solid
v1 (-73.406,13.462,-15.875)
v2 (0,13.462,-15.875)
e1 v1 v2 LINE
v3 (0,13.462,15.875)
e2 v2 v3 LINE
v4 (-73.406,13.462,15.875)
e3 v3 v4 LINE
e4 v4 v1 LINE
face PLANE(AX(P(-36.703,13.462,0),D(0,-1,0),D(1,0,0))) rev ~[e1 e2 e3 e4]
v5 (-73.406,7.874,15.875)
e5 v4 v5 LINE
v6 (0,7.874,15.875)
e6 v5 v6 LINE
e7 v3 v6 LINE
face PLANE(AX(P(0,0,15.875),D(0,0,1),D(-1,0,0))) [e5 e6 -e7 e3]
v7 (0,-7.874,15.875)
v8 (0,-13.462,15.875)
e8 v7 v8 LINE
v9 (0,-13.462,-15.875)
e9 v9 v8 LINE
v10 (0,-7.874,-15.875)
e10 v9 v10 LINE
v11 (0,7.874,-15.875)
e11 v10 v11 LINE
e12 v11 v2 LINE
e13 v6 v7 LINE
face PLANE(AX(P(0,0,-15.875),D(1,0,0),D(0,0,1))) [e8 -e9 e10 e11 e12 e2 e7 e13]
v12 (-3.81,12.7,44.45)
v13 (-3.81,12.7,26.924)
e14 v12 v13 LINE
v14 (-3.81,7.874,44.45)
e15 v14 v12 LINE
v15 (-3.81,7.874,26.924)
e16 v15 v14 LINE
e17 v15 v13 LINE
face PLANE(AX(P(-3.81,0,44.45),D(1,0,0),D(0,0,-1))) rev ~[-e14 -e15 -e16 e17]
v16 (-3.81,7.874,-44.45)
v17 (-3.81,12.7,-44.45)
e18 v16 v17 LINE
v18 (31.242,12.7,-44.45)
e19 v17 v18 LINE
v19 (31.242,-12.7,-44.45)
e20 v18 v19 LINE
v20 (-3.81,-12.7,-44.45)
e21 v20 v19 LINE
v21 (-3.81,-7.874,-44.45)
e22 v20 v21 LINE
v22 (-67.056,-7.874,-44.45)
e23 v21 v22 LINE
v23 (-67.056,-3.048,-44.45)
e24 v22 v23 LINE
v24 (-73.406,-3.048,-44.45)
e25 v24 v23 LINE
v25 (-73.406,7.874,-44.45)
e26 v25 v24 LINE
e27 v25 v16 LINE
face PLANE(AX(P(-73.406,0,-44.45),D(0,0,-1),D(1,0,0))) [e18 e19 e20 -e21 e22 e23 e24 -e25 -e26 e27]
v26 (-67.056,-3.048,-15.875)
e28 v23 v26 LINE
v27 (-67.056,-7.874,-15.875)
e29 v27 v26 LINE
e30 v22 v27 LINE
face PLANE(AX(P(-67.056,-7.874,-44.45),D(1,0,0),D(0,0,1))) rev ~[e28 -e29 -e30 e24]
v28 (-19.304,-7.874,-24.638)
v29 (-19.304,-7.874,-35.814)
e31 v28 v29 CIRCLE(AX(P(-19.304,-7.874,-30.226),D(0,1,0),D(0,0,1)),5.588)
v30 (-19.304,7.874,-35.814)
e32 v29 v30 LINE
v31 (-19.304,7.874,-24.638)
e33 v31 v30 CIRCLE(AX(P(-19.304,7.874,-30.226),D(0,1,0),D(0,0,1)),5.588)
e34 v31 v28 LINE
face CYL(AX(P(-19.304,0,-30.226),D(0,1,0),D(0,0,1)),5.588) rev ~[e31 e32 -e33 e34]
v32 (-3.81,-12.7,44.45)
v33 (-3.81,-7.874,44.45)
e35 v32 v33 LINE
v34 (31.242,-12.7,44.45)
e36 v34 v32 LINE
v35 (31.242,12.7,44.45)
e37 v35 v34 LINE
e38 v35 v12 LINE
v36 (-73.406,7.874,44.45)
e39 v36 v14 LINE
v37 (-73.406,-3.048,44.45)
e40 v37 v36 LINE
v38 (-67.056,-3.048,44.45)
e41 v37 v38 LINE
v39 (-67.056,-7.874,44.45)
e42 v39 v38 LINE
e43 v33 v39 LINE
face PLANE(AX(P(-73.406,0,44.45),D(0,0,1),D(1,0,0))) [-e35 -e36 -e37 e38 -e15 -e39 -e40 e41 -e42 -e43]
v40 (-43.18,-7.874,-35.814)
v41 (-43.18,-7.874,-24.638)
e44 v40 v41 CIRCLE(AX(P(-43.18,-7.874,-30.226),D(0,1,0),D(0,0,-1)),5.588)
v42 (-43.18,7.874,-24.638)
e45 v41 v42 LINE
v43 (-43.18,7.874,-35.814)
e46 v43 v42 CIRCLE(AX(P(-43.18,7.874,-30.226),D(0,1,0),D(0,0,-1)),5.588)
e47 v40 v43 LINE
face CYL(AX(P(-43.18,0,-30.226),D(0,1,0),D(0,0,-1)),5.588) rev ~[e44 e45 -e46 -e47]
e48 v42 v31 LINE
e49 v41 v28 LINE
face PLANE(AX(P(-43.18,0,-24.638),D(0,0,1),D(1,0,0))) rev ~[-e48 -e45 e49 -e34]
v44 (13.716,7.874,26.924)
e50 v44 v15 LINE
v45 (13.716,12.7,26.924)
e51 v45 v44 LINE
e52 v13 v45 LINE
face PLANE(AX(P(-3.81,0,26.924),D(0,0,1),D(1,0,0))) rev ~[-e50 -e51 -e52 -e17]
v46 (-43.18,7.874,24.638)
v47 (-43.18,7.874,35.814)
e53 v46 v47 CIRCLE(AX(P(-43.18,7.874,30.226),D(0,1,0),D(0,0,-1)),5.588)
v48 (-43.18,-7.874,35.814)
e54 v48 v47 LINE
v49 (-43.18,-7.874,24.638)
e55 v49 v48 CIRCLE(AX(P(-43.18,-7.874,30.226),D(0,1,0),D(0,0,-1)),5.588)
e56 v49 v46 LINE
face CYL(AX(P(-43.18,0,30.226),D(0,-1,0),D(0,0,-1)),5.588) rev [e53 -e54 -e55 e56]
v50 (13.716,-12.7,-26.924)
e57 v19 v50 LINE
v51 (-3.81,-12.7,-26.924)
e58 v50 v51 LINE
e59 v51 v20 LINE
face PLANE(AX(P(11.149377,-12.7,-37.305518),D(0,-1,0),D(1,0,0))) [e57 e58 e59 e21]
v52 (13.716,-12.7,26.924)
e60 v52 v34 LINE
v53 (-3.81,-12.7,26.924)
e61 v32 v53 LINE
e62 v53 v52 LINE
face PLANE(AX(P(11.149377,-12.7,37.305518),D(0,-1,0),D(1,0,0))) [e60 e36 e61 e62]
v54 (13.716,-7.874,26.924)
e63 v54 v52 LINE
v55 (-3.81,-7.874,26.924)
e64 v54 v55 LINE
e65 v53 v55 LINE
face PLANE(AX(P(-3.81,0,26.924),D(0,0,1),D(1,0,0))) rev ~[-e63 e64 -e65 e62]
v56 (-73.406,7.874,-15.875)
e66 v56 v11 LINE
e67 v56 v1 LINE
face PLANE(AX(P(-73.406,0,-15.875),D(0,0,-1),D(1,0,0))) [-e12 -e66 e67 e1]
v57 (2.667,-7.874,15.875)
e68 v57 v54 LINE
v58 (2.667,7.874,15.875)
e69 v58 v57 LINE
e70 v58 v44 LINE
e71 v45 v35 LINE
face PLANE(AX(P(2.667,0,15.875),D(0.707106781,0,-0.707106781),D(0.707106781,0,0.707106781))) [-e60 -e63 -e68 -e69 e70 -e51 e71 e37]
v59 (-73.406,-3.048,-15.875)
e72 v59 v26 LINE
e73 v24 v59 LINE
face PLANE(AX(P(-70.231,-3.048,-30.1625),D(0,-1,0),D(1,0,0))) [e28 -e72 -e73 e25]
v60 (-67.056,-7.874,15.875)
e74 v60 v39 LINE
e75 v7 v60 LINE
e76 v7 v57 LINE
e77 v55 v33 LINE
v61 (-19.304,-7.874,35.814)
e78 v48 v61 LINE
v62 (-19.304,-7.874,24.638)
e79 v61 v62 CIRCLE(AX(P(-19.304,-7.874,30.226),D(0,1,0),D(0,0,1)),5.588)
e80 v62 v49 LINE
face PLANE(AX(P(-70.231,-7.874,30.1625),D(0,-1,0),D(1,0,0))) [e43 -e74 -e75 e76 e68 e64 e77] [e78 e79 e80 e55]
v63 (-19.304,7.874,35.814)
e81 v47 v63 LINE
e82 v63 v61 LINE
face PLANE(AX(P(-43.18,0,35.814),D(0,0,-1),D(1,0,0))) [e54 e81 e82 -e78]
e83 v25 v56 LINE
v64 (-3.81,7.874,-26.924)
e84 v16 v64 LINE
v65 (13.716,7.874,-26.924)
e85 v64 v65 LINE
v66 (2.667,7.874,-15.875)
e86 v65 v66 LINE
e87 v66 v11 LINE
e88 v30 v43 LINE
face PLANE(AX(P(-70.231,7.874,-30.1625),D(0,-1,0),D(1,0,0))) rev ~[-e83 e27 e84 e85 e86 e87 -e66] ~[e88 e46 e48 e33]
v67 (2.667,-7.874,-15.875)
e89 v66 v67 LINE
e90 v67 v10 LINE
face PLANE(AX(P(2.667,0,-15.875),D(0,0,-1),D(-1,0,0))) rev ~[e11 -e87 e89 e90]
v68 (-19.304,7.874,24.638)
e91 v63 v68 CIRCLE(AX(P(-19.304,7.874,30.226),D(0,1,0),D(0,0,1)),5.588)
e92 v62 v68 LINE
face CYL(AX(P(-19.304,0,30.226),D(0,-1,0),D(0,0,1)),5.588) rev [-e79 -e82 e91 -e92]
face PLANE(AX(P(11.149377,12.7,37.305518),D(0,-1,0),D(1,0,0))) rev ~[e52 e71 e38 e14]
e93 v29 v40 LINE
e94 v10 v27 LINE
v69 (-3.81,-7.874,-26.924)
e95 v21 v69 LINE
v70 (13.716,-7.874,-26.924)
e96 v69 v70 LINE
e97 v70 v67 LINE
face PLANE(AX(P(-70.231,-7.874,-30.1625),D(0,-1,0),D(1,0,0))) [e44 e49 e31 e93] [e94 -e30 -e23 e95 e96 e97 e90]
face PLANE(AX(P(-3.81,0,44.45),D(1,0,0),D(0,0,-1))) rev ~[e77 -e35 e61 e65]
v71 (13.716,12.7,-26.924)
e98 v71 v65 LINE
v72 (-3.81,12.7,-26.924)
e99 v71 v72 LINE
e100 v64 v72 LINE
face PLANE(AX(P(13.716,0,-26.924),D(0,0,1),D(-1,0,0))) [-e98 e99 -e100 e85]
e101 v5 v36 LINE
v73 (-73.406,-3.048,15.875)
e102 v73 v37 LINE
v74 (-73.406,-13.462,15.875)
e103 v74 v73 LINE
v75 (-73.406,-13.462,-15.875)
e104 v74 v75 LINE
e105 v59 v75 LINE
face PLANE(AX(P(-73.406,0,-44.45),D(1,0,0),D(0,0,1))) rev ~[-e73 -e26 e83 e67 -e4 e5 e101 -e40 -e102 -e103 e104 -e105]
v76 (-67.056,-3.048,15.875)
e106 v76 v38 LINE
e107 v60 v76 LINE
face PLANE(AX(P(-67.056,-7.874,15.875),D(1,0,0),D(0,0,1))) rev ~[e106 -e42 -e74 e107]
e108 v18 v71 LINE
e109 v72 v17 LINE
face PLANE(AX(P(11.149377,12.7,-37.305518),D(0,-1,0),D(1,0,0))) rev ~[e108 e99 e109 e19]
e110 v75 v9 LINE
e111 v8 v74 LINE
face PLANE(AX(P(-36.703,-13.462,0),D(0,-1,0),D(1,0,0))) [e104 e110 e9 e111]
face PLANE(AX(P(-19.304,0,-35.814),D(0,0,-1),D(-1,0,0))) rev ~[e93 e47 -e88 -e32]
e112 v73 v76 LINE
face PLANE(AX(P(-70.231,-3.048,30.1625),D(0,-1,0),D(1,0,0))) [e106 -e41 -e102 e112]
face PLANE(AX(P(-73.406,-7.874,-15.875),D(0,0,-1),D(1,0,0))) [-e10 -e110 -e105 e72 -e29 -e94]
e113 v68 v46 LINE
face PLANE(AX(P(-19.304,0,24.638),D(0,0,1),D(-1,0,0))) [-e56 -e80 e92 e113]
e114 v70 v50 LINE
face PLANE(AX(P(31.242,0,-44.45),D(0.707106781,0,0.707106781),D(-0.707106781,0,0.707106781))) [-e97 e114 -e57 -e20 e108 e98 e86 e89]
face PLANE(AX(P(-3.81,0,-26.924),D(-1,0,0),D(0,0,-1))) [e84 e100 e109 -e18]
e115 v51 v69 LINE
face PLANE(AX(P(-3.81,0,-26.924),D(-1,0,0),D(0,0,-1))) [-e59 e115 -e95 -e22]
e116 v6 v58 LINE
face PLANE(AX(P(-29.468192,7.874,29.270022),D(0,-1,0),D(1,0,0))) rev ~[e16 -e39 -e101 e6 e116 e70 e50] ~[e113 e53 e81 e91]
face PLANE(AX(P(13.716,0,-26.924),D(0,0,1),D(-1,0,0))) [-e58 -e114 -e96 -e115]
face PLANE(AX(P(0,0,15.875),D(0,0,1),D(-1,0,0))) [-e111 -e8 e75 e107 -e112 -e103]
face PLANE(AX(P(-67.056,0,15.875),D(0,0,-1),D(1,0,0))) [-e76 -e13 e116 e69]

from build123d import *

# Parameters (mm, degrees)
F1_DEPTH = 13.462
F2_DEPTH = 7.874
F3_DEPTH = 12.7
F0_W     = 6.35
F0_H     = 28.575
F4_DEPTH = 7.874
F5_W     = 6.35
F5_H     = 28.575
F6_DEPTH = 4.826


with BuildPart() as f1:
    # F0 (on Front) → F1 (new body, symmetric)
    with BuildSketch(Plane.XZ):
        Polygon((-67.056, -15.875), (0, -15.875), (0, 15.875), (-67.056, 15.875), (-73.406, 15.875), (-73.406, -15.875), align=None)
    extrude(amount=F1_DEPTH, both=True)

    # F0 (on Front) → F2 (join, symmetric)
    with BuildSketch(Plane.XZ):
        Polygon((-3.81, -26.924), (13.716, -26.924), (2.667, -15.875), (0, -15.875), (-67.056, -15.875), (-67.056, -44.45), (-3.81, -44.45), align=None)
        with BuildLine():
            ThreePointArc((-19.304, -24.638), (-13.716, -30.226), (-19.304, -35.814))
            Line((-19.304, -35.814), (-43.18, -35.814))
            ThreePointArc((-43.18, -35.814), (-48.768, -30.226), (-43.18, -24.638))
            Line((-43.18, -24.638), (-19.304, -24.638))
        make_face(mode=Mode.SUBTRACT)
        Polygon((-67.056, 15.875), (0, 15.875), (2.667, 15.875), (13.716, 26.924), (-3.81, 26.924), (-3.81, 44.45), (-67.056, 44.45), align=None)
        with BuildLine():
            ThreePointArc((-19.304, 35.814), (-13.716, 30.226), (-19.304, 24.638))
            Line((-19.304, 24.638), (-43.18, 24.638))
            ThreePointArc((-43.18, 24.638), (-48.768, 30.226), (-43.18, 35.814))
            Line((-43.18, 35.814), (-19.304, 35.814))
        make_face(mode=Mode.SUBTRACT)
    extrude(amount=F2_DEPTH, both=True)

    # F0 (on Front) → F3 (join, symmetric)
    with BuildSketch(Plane.XZ):
        Polygon((-3.81, 26.924), (13.716, 26.924), (31.242, 44.45), (-3.81, 44.45), align=None)
        Polygon((-3.81, -44.45), (31.242, -44.45), (13.716, -26.924), (-3.81, -26.924), align=None)
    extrude(amount=F3_DEPTH, both=True)

    # F0 (on Front) → F4 (join, symmetric)
    with BuildSketch(Plane.XZ):
        with Locations((-70.231, 30.1625)):
            Rectangle(F0_W, F0_H)
        with Locations((-70.231, -30.1625)):
            Rectangle(F0_W, F0_H)
    extrude(amount=F4_DEPTH, both=True)

    # F5 (on face) → F6 (cut)
    with BuildSketch(Plane.XZ.offset(7.874)):
        with Locations((-70.231, 30.1625)):
            Rectangle(F5_W, F5_H)
        with Locations((-70.231, -30.1625)):
            Rectangle(F5_W, F5_H)
    extrude(amount=-F6_DEPTH, mode=Mode.SUBTRACT)


solid = f1.part
